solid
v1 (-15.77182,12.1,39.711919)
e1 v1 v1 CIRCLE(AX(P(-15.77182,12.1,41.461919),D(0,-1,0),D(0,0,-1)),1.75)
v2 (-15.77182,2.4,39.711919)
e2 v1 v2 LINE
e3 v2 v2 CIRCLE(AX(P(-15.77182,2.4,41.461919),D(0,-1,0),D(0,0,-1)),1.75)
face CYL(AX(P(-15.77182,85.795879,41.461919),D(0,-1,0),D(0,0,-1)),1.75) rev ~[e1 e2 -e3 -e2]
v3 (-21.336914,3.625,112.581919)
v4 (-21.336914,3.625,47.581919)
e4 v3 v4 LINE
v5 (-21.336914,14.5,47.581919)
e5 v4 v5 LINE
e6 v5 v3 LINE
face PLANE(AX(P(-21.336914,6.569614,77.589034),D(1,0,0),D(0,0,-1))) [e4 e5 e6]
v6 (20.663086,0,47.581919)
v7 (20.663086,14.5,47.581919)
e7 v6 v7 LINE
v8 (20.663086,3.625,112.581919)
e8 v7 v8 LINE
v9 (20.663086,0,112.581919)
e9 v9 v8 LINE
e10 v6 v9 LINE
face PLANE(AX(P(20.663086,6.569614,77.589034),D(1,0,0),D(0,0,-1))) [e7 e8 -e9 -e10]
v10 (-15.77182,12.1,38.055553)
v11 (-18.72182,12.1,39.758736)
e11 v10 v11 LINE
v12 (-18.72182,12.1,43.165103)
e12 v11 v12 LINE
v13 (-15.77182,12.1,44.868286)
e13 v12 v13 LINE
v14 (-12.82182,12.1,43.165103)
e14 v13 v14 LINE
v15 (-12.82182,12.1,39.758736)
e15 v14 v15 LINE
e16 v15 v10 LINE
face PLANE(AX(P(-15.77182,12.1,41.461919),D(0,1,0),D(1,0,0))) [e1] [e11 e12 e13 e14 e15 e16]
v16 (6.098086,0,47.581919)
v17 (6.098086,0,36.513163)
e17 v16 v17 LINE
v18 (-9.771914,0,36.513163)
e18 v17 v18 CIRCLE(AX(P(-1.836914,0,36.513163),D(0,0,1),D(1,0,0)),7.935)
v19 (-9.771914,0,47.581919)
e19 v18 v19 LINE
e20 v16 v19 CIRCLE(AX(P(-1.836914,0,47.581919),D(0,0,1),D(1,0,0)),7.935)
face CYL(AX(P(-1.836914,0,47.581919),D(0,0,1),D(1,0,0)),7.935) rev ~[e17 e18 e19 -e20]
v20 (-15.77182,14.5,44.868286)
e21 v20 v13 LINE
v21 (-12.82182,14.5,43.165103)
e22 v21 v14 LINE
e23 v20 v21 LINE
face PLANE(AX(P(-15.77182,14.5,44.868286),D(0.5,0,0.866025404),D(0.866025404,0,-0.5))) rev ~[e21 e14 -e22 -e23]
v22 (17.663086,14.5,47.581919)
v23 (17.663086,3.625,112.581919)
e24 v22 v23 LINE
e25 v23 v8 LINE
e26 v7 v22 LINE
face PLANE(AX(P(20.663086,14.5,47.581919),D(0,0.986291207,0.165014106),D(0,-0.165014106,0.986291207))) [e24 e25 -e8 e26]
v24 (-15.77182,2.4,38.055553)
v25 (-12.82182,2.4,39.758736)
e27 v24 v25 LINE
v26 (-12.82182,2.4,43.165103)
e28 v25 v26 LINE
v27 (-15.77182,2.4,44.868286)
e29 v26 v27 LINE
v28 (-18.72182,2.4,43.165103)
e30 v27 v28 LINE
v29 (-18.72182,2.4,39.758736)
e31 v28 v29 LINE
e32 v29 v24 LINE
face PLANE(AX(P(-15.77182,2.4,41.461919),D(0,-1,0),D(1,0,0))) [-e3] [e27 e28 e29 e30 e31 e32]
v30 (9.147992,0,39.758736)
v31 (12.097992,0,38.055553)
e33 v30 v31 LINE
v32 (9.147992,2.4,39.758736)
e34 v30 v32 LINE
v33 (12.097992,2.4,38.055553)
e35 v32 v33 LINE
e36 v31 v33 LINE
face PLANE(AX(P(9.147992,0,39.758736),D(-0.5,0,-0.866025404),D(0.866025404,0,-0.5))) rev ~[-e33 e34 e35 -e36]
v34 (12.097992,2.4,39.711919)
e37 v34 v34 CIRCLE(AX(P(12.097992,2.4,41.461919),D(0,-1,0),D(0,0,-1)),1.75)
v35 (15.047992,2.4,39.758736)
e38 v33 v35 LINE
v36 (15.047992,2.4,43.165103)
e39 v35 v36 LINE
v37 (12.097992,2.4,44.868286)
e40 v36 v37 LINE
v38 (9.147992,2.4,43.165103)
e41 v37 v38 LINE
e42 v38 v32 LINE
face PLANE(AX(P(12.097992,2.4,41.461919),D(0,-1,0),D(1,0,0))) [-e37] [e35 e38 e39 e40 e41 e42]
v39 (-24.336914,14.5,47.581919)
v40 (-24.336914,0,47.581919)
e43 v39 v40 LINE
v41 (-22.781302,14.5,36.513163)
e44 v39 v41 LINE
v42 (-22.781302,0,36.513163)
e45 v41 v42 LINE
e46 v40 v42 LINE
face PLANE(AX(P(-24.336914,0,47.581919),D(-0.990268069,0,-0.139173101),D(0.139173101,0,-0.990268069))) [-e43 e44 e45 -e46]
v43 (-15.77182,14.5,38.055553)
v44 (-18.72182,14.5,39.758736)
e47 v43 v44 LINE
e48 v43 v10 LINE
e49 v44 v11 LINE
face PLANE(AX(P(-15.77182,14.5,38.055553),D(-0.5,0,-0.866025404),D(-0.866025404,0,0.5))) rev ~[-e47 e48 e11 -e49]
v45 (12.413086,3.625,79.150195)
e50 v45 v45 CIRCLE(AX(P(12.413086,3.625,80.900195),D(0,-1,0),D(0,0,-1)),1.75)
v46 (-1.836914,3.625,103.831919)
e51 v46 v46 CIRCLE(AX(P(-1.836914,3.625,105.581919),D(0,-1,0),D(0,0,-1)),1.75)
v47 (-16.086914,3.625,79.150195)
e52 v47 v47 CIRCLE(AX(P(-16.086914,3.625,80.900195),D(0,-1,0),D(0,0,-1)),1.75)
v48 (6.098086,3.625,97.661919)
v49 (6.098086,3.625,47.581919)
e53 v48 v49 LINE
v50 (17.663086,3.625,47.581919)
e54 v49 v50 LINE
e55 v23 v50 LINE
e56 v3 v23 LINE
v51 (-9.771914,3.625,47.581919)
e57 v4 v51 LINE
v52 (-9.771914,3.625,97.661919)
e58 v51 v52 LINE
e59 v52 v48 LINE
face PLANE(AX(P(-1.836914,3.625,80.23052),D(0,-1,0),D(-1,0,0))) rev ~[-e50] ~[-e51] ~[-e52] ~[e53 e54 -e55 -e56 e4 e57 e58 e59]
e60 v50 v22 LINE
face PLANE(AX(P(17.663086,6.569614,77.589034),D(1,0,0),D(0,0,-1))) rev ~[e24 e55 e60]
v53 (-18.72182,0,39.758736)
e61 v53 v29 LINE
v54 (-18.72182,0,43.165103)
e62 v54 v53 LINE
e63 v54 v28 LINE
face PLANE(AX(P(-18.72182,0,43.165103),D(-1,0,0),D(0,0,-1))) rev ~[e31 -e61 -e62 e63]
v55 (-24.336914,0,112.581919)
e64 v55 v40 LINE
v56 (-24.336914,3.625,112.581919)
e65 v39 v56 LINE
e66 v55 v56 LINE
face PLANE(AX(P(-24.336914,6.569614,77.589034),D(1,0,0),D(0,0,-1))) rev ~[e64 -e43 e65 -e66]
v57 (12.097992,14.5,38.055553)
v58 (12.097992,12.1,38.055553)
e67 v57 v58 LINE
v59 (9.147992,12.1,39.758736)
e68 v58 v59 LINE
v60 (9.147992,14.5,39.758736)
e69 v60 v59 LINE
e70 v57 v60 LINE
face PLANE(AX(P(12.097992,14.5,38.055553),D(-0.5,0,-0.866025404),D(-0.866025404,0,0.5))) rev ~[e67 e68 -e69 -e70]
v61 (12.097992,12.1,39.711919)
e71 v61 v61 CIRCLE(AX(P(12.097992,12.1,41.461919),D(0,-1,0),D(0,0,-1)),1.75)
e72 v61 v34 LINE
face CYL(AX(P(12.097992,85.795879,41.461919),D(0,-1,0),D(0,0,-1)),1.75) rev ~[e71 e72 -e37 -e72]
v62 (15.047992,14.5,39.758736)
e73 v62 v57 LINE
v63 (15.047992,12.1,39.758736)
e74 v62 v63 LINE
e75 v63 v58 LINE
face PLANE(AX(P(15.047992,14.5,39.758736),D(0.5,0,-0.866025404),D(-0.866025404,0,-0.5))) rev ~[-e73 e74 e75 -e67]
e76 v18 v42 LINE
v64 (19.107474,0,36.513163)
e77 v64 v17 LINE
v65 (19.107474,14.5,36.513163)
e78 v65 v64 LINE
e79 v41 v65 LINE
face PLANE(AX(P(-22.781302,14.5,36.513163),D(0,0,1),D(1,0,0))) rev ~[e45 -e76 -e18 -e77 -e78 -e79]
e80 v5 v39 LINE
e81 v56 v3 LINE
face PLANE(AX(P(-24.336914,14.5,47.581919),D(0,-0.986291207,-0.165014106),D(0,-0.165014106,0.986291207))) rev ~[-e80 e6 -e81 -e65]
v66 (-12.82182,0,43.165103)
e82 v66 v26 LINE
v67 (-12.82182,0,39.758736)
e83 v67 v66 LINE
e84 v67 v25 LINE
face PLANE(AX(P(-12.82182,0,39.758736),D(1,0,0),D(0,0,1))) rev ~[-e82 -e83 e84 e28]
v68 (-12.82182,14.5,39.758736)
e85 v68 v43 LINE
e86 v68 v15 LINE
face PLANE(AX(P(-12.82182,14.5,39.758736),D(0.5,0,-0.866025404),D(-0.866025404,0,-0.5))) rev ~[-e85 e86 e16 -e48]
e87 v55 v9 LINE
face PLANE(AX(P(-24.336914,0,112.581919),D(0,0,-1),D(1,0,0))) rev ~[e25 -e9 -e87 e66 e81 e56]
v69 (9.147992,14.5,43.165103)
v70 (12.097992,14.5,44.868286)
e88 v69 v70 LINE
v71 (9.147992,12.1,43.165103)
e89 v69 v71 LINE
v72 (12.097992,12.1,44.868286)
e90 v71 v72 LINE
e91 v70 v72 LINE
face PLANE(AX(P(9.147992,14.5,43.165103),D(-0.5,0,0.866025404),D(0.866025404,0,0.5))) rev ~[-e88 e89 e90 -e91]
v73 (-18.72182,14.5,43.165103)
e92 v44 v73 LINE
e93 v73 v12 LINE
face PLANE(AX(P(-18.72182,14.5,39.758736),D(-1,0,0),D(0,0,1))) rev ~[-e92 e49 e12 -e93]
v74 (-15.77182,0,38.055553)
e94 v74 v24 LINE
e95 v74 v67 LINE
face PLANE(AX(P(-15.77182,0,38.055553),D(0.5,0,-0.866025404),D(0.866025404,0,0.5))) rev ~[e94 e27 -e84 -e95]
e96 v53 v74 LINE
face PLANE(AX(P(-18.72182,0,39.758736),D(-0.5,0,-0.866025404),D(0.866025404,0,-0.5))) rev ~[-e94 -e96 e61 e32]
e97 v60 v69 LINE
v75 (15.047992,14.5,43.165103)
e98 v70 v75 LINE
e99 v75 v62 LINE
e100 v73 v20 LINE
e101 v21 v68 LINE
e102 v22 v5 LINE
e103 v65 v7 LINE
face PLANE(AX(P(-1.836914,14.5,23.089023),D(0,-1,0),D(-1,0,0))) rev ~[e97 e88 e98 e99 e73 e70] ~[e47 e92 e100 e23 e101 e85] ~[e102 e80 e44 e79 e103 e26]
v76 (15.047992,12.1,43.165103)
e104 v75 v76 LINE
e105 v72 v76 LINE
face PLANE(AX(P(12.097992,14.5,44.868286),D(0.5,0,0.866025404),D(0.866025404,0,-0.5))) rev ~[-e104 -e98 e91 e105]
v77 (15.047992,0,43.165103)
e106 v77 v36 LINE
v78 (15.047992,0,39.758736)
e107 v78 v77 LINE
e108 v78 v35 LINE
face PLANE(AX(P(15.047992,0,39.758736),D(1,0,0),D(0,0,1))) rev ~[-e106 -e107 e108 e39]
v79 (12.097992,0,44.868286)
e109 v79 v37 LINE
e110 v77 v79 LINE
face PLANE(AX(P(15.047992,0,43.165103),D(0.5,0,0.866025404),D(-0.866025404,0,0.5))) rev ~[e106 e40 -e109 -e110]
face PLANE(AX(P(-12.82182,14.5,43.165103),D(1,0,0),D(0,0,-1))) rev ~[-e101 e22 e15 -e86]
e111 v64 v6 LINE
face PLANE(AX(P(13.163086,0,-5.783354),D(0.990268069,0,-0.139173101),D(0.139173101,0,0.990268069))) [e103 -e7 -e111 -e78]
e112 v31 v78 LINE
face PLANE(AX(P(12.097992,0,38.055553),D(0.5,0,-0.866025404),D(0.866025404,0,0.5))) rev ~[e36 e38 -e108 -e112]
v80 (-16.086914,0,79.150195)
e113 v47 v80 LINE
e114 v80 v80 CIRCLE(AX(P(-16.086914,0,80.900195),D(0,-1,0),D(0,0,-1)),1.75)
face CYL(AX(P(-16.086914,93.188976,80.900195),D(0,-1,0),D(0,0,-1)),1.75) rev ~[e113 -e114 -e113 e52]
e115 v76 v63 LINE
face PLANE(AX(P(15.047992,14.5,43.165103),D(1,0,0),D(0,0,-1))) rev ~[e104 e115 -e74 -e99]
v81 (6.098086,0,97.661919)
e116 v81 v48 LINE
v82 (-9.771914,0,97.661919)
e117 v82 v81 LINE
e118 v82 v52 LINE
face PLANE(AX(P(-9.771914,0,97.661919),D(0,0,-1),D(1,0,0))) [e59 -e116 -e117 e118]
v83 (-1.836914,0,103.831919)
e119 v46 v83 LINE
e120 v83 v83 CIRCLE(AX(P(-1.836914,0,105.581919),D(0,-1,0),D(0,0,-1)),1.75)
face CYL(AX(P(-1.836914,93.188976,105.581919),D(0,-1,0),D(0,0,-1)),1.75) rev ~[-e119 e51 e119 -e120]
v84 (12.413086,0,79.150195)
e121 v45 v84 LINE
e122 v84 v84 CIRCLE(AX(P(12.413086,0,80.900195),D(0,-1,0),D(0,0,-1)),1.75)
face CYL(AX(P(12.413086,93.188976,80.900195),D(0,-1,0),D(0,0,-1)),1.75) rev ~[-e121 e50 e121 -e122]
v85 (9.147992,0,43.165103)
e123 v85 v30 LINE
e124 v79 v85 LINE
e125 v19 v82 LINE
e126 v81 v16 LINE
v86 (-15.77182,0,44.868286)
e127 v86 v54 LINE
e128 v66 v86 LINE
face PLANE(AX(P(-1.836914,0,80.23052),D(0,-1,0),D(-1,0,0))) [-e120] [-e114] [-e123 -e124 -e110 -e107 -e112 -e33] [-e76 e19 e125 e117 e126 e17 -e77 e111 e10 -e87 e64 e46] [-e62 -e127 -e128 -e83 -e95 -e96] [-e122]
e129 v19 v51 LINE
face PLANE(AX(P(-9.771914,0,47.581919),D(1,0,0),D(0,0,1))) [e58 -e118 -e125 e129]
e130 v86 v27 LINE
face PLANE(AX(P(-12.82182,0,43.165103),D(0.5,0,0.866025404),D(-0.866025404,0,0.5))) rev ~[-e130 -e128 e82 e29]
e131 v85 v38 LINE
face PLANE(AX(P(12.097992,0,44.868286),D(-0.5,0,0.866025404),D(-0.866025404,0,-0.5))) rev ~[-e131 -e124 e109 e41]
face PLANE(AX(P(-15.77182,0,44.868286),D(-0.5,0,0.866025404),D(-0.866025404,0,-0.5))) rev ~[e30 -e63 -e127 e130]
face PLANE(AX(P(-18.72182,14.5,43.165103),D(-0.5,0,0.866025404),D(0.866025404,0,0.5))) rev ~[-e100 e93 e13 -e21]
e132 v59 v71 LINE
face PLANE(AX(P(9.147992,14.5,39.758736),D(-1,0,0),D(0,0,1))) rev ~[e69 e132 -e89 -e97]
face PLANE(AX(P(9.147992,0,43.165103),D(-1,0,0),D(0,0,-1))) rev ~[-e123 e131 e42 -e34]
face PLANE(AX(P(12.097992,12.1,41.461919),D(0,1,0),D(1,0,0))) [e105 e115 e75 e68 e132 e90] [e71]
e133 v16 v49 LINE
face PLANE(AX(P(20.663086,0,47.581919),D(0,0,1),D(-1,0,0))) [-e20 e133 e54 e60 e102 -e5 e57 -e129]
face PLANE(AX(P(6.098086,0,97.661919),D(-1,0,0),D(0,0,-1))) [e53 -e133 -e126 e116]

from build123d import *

# Parameters (mm, degrees)
BOSS_EXTRUDE3_DEPTH              = 14.5
SKETCH8_R                        = 7.935
CUT_EXTRUDE3_DEPTH               = 88
CUT_EXTRUDE9_DEPTH               = 2.4
F_39_0_13779528_DIAMETER_HOLE1_D = 3.500000112
CUT_EXTRUDE10_DEPTH              = 22.4
CUT_EXTRUDE11_DEPTH              = 2.4
BOSS_EXTRUDE7_DEPTH              = 3.625
F_39_0_13779528_DIAMETER_HOLE2_D = 3.500000112
BOSS_EXTRUDE10_DEPTH             = 3
BOSS_EXTRUDE11_DEPTH             = 3


with BuildPart() as part:
    # Sketch6 → Boss-Extrude3 (new body)
    with BuildSketch(Plane(origin=(0, 0, 0), x_dir=(1, 0, 0), z_dir=(0, 1, 0))):
        Polygon((-16.836914056, 5.783353512), (13.163085944, 5.783353512), (20.663085944, -47.581919406), (-24.336914056, -47.581919406), align=None)
    extrude(amount=BOSS_EXTRUDE3_DEPTH)

    # Sketch8 → Cut-Extrude3 (cut)
    with BuildSketch(Plane.XY.offset(47.581919406)):
        with Locations((-1.836914056, 0)):
            Circle(SKETCH8_R)
    extrude(amount=-CUT_EXTRUDE3_DEPTH, mode=Mode.SUBTRACT)

    # Sketch18 → Cut-Extrude9 (cut)
    with BuildSketch(Plane(origin=(0, 14.5, 0), x_dir=(1, 0, 0), z_dir=(0, 1, 0))):
        Polygon((-15.771819769, -44.868285994), (-12.821819769, -43.1651027), (-12.821819769, -39.758736112), (-15.771819769, -38.055552818), (-18.721819769, -39.758736112), (-18.721819769, -43.1651027), align=None)
        Polygon((12.097991657, -44.868285994), (15.047991657, -43.1651027), (15.047991657, -39.758736112), (12.097991657, -38.055552818), (9.147991657, -39.758736112), (9.147991657, -43.1651027), align=None)
        Polygon((11.389331688, -26.016021021), (14.389331688, -24.283970214), (14.389331688, -20.819868599), (11.389331688, -19.087817791), (8.389331688, -20.819868599), (8.389331688, -24.283970214), align=None)
        Polygon((-15.0631598, -26.016021021), (-12.0631598, -24.283970214), (-12.0631598, -20.819868599), (-15.0631598, -19.087817791), (-18.0631598, -20.819868599), (-18.0631598, -24.283970214), align=None)
    extrude(amount=-CUT_EXTRUDE9_DEPTH, mode=Mode.SUBTRACT)

    # #39 (0.13779528) Diameter Hole1 (through all)
    with Locations(Plane(origin=(-15.0631598, 14.5, 22.551919406), x_dir=(0, 0, 1), z_dir=(0, 1, 0))):
        with Locations((0, 0), (0, 26.452491488), (18.91, -0.708659969), (18.91, 27.161151457)):
            Hole(F_39_0_13779528_DIAMETER_HOLE1_D / 2)

    # Sketch22 → Cut-Extrude10 (cut)
    with BuildSketch(Plane(origin=(0, 14.5, 0), x_dir=(1, 0, 0), z_dir=(0, 1, 0))):
        Polygon((-22.781301734, -36.51316259), (19.107473622, -36.51316259), (13.163085944, 5.783353512), (-16.836914056, 5.783353512), align=None)
    extrude(amount=-CUT_EXTRUDE10_DEPTH, mode=Mode.SUBTRACT)

    # Sketch24 → Cut-Extrude11 (cut)
    with BuildSketch(Plane.XZ):
        Polygon((-15.771819769, 38.055552818), (-12.821819769, 39.758736112), (-12.821819769, 43.1651027), (-15.771819769, 44.868285994), (-18.721819769, 43.1651027), (-18.721819769, 39.758736112), align=None)
        Polygon((12.097991657, 38.055552818), (15.047991657, 39.758736112), (15.047991657, 43.1651027), (12.097991657, 44.868285994), (9.147991657, 43.1651027), (9.147991657, 39.758736112), align=None)
    extrude(amount=-CUT_EXTRUDE11_DEPTH, mode=Mode.SUBTRACT)

    # Sketch27 → Boss-Extrude7 (add)
    with BuildSketch(Plane(origin=(0, 0, 0), x_dir=(1, 0, 0), z_dir=(0, 1, 0))):
        Polygon((6.098085944, -47.581919406), (20.663085944, -47.581919406), (20.663085944, -112.581919406), (-9.771914056, -112.581919406), (-24.336914056, -112.581919406), (-24.336914056, -47.581919406), (-9.771914056, -47.581919406), (-9.771914056, -97.661919406), (6.098085944, -97.661919406), align=None)
    extrude(amount=BOSS_EXTRUDE7_DEPTH)

    # #39 (0.13779528) Diameter Hole2 (through all)
    with Locations(Plane(origin=(-16.086914056, 3.625, 80.900195398), x_dir=(0, 0, 1), z_dir=(0, 1, 0))):
        with Locations((0, 0), (24.681724008, 14.25), (0, 28.5)):
            Hole(F_39_0_13779528_DIAMETER_HOLE2_D / 2)

    # Sketch39 → Boss-Extrude10 (add)
    with BuildSketch(Plane(origin=(20.663085944, 0, 0), x_dir=(0, 0, -1), z_dir=(1, 0, 0))):
        Polygon((-47.581919406, 14.5), (-112.581919406, 3.625), (-47.581919406, 3.625), align=None)
    extrude(amount=-BOSS_EXTRUDE10_DEPTH)

    # Sketch40 → Boss-Extrude11 (add)
    with BuildSketch(Plane.ZY.offset(24.336914056)):
        Polygon((47.581919406, 14.5), (112.581919406, 3.625), (47.581919406, 3.625), align=None)
    extrude(amount=-BOSS_EXTRUDE11_DEPTH)


solid = part.part
